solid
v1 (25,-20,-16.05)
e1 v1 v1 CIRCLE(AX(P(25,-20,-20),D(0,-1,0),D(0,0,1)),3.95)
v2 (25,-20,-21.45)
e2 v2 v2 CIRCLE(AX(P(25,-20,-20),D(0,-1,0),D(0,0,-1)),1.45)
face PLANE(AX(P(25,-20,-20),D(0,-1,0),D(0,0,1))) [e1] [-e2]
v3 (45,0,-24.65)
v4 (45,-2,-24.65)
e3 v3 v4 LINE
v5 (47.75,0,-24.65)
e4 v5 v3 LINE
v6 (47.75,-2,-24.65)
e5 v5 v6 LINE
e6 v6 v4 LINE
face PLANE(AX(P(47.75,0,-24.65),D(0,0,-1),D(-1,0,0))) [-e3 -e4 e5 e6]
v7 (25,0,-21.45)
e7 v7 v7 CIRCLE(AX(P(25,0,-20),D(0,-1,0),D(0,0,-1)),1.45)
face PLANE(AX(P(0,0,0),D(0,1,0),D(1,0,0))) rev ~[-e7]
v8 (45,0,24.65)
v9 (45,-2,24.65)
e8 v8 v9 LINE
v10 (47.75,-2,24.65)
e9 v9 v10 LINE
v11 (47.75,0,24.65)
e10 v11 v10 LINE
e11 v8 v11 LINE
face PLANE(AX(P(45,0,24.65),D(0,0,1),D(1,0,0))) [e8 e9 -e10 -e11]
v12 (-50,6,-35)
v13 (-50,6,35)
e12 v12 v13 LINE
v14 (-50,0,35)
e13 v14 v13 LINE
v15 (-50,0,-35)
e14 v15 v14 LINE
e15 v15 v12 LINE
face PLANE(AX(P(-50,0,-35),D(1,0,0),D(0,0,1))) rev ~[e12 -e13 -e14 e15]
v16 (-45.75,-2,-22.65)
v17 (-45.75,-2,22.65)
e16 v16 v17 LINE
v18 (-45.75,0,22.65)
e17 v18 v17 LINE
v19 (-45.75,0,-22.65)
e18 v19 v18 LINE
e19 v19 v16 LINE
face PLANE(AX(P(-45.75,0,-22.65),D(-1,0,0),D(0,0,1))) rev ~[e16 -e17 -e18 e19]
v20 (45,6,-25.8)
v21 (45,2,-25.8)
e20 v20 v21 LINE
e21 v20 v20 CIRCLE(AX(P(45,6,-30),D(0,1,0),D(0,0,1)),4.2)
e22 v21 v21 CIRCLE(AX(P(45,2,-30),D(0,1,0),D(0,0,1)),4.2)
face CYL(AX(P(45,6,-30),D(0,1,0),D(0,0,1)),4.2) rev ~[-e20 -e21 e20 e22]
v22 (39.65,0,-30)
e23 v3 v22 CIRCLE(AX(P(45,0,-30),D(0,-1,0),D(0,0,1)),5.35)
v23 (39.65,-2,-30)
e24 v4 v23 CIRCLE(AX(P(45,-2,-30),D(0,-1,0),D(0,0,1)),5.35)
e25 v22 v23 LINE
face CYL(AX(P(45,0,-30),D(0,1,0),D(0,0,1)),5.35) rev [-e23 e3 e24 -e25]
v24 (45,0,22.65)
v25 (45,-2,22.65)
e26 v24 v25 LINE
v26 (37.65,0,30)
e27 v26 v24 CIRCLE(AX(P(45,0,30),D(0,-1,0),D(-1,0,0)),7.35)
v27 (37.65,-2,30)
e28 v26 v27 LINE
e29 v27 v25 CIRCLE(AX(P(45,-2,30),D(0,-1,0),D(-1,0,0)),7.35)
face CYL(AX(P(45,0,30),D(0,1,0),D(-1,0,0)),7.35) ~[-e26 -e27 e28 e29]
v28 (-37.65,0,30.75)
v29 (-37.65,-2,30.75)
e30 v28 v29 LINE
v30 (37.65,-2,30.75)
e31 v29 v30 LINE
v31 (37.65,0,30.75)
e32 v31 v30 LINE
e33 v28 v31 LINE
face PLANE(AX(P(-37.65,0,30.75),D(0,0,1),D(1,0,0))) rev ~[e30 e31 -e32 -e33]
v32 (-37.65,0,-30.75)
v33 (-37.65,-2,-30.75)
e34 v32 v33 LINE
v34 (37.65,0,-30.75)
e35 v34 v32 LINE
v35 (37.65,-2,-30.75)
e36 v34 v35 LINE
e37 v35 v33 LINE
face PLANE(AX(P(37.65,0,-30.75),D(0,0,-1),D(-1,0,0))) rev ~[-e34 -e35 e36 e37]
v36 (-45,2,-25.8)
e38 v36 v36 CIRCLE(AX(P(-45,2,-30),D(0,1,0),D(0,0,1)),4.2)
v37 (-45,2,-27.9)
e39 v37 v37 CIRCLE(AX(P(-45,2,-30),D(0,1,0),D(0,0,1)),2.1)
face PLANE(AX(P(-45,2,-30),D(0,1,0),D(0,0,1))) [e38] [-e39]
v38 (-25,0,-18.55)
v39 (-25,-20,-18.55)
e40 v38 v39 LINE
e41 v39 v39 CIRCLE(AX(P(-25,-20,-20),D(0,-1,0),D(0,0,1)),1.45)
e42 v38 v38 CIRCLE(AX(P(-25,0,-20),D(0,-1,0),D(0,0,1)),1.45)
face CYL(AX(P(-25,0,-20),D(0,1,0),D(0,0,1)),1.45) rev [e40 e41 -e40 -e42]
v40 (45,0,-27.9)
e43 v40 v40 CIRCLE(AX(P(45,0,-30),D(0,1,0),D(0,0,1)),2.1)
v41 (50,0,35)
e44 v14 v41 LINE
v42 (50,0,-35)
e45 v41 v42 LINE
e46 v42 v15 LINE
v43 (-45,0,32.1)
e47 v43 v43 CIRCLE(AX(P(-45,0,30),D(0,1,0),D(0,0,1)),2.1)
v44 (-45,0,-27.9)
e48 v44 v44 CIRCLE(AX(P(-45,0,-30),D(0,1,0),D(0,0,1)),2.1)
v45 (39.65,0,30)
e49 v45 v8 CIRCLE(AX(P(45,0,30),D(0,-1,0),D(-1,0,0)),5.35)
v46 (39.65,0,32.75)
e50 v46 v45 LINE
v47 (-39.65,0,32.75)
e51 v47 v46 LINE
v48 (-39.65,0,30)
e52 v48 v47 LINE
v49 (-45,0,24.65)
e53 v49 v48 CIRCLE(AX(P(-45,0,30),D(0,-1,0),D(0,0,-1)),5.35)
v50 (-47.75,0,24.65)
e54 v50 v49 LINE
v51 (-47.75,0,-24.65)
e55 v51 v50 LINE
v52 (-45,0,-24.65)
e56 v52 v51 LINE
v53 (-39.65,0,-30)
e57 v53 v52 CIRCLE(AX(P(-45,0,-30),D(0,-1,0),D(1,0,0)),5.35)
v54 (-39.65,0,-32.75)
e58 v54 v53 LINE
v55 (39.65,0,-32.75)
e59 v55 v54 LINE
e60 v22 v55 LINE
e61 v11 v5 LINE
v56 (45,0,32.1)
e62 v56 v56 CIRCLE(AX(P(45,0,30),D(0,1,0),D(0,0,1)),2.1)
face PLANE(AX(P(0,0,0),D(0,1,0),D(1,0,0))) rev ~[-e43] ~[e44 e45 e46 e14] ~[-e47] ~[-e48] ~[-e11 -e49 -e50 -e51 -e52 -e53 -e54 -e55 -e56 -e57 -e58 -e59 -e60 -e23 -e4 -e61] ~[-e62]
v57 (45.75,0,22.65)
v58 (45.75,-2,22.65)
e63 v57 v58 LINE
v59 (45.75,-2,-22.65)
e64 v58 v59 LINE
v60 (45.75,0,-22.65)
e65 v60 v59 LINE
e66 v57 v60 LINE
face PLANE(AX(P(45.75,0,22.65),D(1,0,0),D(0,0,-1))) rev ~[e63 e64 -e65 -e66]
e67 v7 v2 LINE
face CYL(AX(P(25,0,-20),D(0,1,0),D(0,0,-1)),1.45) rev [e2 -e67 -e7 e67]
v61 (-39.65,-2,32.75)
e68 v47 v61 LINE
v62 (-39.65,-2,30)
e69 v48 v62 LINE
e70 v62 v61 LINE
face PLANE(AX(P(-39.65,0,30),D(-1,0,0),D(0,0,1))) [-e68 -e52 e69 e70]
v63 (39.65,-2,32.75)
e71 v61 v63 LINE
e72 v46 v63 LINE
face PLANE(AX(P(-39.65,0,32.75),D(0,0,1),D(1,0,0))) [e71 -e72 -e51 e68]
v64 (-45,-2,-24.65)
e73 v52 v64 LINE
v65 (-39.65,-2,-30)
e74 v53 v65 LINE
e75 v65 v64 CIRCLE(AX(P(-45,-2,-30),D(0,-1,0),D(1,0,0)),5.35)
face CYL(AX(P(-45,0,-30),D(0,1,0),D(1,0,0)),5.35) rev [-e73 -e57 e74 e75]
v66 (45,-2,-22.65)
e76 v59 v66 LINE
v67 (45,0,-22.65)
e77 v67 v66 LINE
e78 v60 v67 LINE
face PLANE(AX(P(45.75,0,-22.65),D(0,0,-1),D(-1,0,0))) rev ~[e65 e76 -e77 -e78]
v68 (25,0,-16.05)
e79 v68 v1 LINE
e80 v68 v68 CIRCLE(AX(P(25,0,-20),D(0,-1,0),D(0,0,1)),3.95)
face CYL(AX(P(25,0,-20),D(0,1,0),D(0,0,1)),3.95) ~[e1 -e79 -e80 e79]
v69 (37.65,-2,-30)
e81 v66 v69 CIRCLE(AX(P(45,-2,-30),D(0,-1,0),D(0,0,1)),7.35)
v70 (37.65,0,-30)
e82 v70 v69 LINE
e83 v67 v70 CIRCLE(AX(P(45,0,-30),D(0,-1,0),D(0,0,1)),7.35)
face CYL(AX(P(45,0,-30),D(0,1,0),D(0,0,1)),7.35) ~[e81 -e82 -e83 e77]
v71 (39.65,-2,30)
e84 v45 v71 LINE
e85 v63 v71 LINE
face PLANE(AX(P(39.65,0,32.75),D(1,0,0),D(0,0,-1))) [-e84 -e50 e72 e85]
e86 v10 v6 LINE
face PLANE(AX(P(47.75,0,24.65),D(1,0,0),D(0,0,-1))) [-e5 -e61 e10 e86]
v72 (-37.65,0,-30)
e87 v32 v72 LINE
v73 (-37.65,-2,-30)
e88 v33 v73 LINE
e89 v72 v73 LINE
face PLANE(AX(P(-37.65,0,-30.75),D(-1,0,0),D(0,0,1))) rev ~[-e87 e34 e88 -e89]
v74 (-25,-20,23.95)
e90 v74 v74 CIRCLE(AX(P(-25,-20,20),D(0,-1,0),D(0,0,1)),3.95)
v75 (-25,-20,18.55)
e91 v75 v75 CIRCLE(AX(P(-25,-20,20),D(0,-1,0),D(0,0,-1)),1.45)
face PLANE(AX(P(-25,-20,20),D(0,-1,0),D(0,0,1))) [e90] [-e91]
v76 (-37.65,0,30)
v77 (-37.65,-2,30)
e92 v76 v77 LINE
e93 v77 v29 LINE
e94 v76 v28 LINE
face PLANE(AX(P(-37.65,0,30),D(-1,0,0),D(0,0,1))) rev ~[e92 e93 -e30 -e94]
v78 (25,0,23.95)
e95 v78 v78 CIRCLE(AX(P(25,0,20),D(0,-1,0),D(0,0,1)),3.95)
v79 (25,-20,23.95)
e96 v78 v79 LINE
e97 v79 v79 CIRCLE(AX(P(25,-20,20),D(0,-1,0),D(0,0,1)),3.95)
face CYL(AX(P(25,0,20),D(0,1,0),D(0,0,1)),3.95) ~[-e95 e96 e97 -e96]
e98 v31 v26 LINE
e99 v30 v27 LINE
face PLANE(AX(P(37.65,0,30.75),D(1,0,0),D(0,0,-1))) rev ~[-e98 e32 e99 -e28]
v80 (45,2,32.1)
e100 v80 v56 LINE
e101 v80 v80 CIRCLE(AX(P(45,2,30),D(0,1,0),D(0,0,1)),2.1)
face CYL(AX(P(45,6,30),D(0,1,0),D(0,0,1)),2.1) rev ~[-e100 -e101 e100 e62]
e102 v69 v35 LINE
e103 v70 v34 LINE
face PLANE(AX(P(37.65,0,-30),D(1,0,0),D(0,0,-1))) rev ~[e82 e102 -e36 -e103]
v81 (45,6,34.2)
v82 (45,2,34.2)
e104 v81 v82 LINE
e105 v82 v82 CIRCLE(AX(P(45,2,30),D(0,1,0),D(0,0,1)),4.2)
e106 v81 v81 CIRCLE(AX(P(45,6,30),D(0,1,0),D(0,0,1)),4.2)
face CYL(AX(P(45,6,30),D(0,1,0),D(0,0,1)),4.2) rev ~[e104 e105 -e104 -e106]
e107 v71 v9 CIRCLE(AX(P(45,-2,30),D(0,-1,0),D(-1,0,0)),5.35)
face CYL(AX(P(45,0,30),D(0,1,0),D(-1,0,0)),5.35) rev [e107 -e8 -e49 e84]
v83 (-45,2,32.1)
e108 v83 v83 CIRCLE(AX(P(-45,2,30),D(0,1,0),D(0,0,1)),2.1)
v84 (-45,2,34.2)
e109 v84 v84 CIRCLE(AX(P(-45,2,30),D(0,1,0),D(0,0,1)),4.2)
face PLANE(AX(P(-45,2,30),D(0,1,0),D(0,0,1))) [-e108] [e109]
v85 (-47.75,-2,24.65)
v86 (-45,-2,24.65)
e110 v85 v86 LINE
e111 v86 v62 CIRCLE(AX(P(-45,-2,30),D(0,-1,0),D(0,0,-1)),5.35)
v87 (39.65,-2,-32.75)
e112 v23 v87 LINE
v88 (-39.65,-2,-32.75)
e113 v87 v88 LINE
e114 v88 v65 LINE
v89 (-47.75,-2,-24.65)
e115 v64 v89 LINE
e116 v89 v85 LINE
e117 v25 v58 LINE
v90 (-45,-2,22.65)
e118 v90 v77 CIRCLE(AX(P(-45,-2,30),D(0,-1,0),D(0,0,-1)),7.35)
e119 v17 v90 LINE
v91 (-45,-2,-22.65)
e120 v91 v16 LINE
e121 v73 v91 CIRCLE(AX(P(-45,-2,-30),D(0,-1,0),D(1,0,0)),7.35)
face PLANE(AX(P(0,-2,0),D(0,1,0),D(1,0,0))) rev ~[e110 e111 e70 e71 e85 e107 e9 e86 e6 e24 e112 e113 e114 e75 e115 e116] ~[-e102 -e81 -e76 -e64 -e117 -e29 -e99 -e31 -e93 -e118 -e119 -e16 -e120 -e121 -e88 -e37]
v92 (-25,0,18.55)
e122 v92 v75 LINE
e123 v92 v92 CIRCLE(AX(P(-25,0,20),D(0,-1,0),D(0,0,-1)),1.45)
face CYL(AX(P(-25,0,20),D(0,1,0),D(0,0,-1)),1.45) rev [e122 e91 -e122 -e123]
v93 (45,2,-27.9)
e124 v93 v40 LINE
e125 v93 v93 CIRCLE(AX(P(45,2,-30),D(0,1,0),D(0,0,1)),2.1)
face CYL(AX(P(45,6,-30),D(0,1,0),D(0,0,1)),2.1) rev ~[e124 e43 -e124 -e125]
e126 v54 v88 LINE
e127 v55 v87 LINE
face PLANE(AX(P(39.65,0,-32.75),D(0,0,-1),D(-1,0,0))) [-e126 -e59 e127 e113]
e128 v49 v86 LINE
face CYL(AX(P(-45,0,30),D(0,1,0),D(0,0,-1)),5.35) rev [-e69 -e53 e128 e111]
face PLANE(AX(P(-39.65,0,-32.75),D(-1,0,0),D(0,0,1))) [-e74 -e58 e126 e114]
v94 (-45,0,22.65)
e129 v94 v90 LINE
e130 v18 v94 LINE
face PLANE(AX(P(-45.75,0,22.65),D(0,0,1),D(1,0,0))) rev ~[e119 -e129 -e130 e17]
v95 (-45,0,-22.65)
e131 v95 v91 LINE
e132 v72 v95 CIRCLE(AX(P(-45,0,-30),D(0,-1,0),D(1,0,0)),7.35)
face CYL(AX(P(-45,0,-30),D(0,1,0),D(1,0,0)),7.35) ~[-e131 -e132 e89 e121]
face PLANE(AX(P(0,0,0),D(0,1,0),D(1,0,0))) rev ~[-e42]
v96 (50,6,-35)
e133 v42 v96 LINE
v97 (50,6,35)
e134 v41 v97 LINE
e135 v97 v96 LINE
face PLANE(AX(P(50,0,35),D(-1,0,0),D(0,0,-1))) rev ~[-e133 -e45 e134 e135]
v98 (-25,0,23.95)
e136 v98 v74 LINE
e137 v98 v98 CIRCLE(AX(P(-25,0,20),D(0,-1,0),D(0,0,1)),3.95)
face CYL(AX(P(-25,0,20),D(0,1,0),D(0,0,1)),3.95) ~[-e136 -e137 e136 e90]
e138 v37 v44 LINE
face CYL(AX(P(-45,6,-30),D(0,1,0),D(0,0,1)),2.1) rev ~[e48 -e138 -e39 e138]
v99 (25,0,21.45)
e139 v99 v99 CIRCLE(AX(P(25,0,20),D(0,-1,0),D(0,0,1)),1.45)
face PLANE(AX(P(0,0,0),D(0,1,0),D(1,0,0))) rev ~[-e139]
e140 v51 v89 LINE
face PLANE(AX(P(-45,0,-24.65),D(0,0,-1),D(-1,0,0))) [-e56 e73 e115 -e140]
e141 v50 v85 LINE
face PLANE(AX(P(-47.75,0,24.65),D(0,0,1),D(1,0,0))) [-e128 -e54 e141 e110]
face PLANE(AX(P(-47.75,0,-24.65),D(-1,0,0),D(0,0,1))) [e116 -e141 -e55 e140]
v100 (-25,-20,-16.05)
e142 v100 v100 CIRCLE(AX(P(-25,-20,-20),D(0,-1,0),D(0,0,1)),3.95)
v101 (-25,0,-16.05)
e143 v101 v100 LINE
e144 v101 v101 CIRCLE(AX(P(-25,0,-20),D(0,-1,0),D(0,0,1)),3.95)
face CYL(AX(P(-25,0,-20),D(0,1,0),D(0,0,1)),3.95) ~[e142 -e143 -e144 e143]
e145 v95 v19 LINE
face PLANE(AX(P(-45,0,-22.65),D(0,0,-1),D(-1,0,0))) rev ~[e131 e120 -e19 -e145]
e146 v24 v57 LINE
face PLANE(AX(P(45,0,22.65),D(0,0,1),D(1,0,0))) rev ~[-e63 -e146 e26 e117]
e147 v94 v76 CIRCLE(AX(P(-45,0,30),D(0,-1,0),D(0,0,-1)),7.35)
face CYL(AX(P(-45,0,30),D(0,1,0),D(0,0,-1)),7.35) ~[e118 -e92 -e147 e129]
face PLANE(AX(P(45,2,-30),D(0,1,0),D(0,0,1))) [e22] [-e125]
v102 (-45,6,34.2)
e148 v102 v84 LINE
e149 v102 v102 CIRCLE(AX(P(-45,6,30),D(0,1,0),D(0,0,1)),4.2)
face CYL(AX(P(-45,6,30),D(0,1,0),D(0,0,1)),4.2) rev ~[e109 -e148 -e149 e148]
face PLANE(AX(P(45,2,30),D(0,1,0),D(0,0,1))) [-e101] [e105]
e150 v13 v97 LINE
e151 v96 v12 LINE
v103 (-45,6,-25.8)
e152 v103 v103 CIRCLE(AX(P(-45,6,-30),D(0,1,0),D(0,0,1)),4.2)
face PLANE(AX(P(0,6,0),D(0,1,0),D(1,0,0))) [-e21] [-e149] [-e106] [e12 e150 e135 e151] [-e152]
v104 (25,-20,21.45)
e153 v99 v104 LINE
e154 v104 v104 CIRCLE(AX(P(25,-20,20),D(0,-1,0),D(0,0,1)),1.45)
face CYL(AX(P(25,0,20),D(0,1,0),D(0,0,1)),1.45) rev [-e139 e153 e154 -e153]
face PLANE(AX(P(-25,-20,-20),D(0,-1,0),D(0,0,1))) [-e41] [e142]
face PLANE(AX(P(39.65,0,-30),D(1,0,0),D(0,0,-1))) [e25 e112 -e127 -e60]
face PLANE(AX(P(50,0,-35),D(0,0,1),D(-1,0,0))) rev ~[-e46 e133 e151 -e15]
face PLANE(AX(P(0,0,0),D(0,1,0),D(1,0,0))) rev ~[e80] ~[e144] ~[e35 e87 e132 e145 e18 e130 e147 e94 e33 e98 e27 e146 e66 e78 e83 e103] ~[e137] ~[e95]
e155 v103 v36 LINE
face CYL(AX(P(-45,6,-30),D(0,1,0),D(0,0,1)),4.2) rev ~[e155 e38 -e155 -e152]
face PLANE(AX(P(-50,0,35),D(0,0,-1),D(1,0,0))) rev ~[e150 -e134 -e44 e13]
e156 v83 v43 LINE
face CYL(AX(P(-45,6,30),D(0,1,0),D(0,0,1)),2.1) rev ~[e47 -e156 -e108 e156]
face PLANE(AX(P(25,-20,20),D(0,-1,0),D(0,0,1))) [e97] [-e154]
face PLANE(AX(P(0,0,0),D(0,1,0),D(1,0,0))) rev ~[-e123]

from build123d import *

# Parameters (mm, degrees)
AUFSATZ_LINEAR_AUSTRAGEN1_DEPTH = 6
AUFSATZ_LINEAR_AUSTRAGEN2_DEPTH = 2
SKIZZE3_OUTSIDE_W               = 126.466
SKIZZE3_OUTSIDE_H               = 96.466
SKIZZE3_OUTSIDE_W_2             = 100
SKIZZE3_OUTSIDE_H_2             = 70
SKIZZE3_OUTSIDE_R               = 2.1
SCHNITT_LINEAR_AUSTRAGEN1_DEPTH = 6
SKIZZE4_R                       = 4.2
SCHNITT_LINEAR_AUSTRAGEN2_DEPTH = 4
SKIZZE5_R                       = 3.95
SKIZZE5_R_2                     = 1.45
AUFSATZ_LINEAR_AUSTRAGEN3_DEPTH = 20


with BuildPart() as part:
    # Skizze1 → Aufsatz-Linear austragen1 (new body)
    with BuildSketch(Plane(origin=(0, 0, 0), x_dir=(1, 0, 0), z_dir=(0, 1, 0))):
        Polygon((-50, -35), (50, -35), (50, 35), (-15.02457838, 35), (-35.02457838, 35), (-50, 35), align=None)
    extrude(amount=AUFSATZ_LINEAR_AUSTRAGEN1_DEPTH)

    # Skizze2 → Aufsatz-Linear austragen2 (add)
    with BuildSketch(Plane(origin=(0, 0, 0), x_dir=(-1, 0, 0), z_dir=(0, -1, 0))):
        with BuildLine():
            Line((39.65, -32.75), (-39.65, -32.75))
            Line((-39.65, -32.75), (-39.65, -30))
            ThreePointArc((-39.65, -30), (-41.216978721, -26.216978721), (-45, -24.65))
            Line((-45, -24.65), (-47.75, -24.65))
            Line((-47.75, -24.65), (-47.75, 24.65))
            Line((-47.75, 24.65), (-45, 24.65))
            ThreePointArc((-45, 24.65), (-41.216978721, 26.216978721), (-39.65, 30))
            Line((-39.65, 30), (-39.65, 32.75))
            Line((-39.65, 32.75), (39.65, 32.75))
            Line((39.65, 32.75), (39.65, 30))
            ThreePointArc((39.65, 30), (41.216978721, 26.216978721), (45, 24.65))
            Line((45, 24.65), (47.75, 24.65))
            Line((47.75, 24.65), (47.75, -24.65))
            Line((47.75, -24.65), (45, -24.65))
            ThreePointArc((45, -24.65), (41.216978721, -26.216978721), (39.65, -30))
            Line((39.65, -30), (39.65, -32.75))
        make_face()
        with BuildLine():
            Line((45.75, 22.65), (45.75, -22.65))
            Line((45.75, -22.65), (45, -22.65))
            ThreePointArc((45, -22.65), (39.802765158, -24.802765158), (37.65, -30))
            Line((37.65, -30), (37.65, -30.75))
            Line((37.65, -30.75), (-37.65, -30.75))
            Line((-37.65, -30.75), (-37.65, -30))
            ThreePointArc((-37.65, -30), (-39.802765158, -24.802765158), (-45, -22.65))
            Line((-45, -22.65), (-45.75, -22.65))
            Line((-45.75, -22.65), (-45.75, 22.65))
            Line((-45.75, 22.65), (-45, 22.65))
            ThreePointArc((-45, 22.65), (-39.802765158, 24.802765158), (-37.65, 30))
            Line((-37.65, 30), (-37.65, 30.75))
            Line((-37.65, 30.75), (37.65, 30.75))
            Line((37.65, 30.75), (37.65, 30))
            ThreePointArc((37.65, 30), (39.802765158, 24.802765158), (45, 22.65))
            Line((45, 22.65), (45.75, 22.65))
        make_face(mode=Mode.SUBTRACT)
    extrude(amount=AUFSATZ_LINEAR_AUSTRAGEN2_DEPTH)

    # Skizze3 outside → Schnitt-Linear austragen1 (cut)
    # profile 1 of 5: a face of its own
    with BuildSketch(Plane(origin=(0, 6, 0), x_dir=(1, 0, 0), z_dir=(0, 1, 0))):
        Rectangle(SKIZZE3_OUTSIDE_W, SKIZZE3_OUTSIDE_H)
        Rectangle(SKIZZE3_OUTSIDE_W_2, SKIZZE3_OUTSIDE_H_2, mode=Mode.SUBTRACT)
    # profile 2 of 5: a face of its own
    with BuildSketch(Plane(origin=(0, 6, 0), x_dir=(1, 0, 0), z_dir=(0, 1, 0))):
        with Locations(Location((-45, -30, 0), (0, 0, 270))):
            Circle(SKIZZE3_OUTSIDE_R)
    # profile 3 of 5: a face of its own
    with BuildSketch(Plane(origin=(0, 6, 0), x_dir=(1, 0, 0), z_dir=(0, 1, 0))):
        with Locations(Location((-45, 30, 0), (0, 0, 270))):
            Circle(SKIZZE3_OUTSIDE_R)
    # profile 4 of 5: a face of its own
    with BuildSketch(Plane(origin=(0, 6, 0), x_dir=(1, 0, 0), z_dir=(0, 1, 0))):
        with Locations(Location((45, -30, 0), (0, 0, 270))):
            Circle(SKIZZE3_OUTSIDE_R)
    # profile 5 of 5: a face of its own
    with BuildSketch(Plane(origin=(0, 6, 0), x_dir=(1, 0, 0), z_dir=(0, 1, 0))):
        with Locations(Location((45, 30, 0), (0, 0, 270))):
            Circle(SKIZZE3_OUTSIDE_R)
    extrude(amount=-SCHNITT_LINEAR_AUSTRAGEN1_DEPTH, mode=Mode.SUBTRACT)

    # Skizze4 → Schnitt-Linear austragen2 (cut)
    with BuildSketch(Plane(origin=(0, 6, 0), x_dir=(1, 0, 0), z_dir=(0, 1, 0))):
        with Locations(Location((-45, -30, 0), (0, 0, 270))):
            Circle(SKIZZE4_R)
        with Locations(Location((45, -30, 0), (0, 0, 270))):
            Circle(SKIZZE4_R)
        with Locations(Location((45, 30, 0), (0, 0, 270))):
            Circle(SKIZZE4_R)
        with Locations(Location((-45, 30, 0), (0, 0, 270))):
            Circle(SKIZZE4_R)
    extrude(amount=-SCHNITT_LINEAR_AUSTRAGEN2_DEPTH, mode=Mode.SUBTRACT)

    # Skizze5 → Aufsatz-Linear austragen3 (add)
    # profile 1 of 4: a face of its own
    with BuildSketch(Plane(origin=(0, 0, 0), x_dir=(-1, 0, 0), z_dir=(0, -1, 0))):
        with Locations(Location((25, -20, 0), (0, 0, 270))):
            Circle(SKIZZE5_R)
        with Locations(Location((25, -20, 0), (0, 0, 90))):
            Circle(SKIZZE5_R_2, mode=Mode.SUBTRACT)
    # profile 2 of 4: a face of its own
    with BuildSketch(Plane(origin=(0, 0, 0), x_dir=(-1, 0, 0), z_dir=(0, -1, 0))):
        with Locations(Location((-25, -20, 0), (0, 0, 270))):
            Circle(SKIZZE5_R)
        with Locations(Location((-25, -20, 0), (0, 0, 270))):
            Circle(SKIZZE5_R_2, mode=Mode.SUBTRACT)
    # profile 3 of 4: a face of its own
    with BuildSketch(Plane(origin=(0, 0, 0), x_dir=(-1, 0, 0), z_dir=(0, -1, 0))):
        with Locations(Location((-25, 20, 0), (0, 0, 270))):
            Circle(SKIZZE5_R)
        with Locations(Location((-25, 20, 0), (0, 0, 90))):
            Circle(SKIZZE5_R_2, mode=Mode.SUBTRACT)
    # profile 4 of 4: a face of its own
    with BuildSketch(Plane(origin=(0, 0, 0), x_dir=(-1, 0, 0), z_dir=(0, -1, 0))):
        with Locations(Location((25, 20, 0), (0, 0, 270))):
            Circle(SKIZZE5_R)
        with Locations(Location((25, 20, 0), (0, 0, 270))):
            Circle(SKIZZE5_R_2, mode=Mode.SUBTRACT)
    extrude(amount=AUFSATZ_LINEAR_AUSTRAGEN3_DEPTH)


solid = part.part
